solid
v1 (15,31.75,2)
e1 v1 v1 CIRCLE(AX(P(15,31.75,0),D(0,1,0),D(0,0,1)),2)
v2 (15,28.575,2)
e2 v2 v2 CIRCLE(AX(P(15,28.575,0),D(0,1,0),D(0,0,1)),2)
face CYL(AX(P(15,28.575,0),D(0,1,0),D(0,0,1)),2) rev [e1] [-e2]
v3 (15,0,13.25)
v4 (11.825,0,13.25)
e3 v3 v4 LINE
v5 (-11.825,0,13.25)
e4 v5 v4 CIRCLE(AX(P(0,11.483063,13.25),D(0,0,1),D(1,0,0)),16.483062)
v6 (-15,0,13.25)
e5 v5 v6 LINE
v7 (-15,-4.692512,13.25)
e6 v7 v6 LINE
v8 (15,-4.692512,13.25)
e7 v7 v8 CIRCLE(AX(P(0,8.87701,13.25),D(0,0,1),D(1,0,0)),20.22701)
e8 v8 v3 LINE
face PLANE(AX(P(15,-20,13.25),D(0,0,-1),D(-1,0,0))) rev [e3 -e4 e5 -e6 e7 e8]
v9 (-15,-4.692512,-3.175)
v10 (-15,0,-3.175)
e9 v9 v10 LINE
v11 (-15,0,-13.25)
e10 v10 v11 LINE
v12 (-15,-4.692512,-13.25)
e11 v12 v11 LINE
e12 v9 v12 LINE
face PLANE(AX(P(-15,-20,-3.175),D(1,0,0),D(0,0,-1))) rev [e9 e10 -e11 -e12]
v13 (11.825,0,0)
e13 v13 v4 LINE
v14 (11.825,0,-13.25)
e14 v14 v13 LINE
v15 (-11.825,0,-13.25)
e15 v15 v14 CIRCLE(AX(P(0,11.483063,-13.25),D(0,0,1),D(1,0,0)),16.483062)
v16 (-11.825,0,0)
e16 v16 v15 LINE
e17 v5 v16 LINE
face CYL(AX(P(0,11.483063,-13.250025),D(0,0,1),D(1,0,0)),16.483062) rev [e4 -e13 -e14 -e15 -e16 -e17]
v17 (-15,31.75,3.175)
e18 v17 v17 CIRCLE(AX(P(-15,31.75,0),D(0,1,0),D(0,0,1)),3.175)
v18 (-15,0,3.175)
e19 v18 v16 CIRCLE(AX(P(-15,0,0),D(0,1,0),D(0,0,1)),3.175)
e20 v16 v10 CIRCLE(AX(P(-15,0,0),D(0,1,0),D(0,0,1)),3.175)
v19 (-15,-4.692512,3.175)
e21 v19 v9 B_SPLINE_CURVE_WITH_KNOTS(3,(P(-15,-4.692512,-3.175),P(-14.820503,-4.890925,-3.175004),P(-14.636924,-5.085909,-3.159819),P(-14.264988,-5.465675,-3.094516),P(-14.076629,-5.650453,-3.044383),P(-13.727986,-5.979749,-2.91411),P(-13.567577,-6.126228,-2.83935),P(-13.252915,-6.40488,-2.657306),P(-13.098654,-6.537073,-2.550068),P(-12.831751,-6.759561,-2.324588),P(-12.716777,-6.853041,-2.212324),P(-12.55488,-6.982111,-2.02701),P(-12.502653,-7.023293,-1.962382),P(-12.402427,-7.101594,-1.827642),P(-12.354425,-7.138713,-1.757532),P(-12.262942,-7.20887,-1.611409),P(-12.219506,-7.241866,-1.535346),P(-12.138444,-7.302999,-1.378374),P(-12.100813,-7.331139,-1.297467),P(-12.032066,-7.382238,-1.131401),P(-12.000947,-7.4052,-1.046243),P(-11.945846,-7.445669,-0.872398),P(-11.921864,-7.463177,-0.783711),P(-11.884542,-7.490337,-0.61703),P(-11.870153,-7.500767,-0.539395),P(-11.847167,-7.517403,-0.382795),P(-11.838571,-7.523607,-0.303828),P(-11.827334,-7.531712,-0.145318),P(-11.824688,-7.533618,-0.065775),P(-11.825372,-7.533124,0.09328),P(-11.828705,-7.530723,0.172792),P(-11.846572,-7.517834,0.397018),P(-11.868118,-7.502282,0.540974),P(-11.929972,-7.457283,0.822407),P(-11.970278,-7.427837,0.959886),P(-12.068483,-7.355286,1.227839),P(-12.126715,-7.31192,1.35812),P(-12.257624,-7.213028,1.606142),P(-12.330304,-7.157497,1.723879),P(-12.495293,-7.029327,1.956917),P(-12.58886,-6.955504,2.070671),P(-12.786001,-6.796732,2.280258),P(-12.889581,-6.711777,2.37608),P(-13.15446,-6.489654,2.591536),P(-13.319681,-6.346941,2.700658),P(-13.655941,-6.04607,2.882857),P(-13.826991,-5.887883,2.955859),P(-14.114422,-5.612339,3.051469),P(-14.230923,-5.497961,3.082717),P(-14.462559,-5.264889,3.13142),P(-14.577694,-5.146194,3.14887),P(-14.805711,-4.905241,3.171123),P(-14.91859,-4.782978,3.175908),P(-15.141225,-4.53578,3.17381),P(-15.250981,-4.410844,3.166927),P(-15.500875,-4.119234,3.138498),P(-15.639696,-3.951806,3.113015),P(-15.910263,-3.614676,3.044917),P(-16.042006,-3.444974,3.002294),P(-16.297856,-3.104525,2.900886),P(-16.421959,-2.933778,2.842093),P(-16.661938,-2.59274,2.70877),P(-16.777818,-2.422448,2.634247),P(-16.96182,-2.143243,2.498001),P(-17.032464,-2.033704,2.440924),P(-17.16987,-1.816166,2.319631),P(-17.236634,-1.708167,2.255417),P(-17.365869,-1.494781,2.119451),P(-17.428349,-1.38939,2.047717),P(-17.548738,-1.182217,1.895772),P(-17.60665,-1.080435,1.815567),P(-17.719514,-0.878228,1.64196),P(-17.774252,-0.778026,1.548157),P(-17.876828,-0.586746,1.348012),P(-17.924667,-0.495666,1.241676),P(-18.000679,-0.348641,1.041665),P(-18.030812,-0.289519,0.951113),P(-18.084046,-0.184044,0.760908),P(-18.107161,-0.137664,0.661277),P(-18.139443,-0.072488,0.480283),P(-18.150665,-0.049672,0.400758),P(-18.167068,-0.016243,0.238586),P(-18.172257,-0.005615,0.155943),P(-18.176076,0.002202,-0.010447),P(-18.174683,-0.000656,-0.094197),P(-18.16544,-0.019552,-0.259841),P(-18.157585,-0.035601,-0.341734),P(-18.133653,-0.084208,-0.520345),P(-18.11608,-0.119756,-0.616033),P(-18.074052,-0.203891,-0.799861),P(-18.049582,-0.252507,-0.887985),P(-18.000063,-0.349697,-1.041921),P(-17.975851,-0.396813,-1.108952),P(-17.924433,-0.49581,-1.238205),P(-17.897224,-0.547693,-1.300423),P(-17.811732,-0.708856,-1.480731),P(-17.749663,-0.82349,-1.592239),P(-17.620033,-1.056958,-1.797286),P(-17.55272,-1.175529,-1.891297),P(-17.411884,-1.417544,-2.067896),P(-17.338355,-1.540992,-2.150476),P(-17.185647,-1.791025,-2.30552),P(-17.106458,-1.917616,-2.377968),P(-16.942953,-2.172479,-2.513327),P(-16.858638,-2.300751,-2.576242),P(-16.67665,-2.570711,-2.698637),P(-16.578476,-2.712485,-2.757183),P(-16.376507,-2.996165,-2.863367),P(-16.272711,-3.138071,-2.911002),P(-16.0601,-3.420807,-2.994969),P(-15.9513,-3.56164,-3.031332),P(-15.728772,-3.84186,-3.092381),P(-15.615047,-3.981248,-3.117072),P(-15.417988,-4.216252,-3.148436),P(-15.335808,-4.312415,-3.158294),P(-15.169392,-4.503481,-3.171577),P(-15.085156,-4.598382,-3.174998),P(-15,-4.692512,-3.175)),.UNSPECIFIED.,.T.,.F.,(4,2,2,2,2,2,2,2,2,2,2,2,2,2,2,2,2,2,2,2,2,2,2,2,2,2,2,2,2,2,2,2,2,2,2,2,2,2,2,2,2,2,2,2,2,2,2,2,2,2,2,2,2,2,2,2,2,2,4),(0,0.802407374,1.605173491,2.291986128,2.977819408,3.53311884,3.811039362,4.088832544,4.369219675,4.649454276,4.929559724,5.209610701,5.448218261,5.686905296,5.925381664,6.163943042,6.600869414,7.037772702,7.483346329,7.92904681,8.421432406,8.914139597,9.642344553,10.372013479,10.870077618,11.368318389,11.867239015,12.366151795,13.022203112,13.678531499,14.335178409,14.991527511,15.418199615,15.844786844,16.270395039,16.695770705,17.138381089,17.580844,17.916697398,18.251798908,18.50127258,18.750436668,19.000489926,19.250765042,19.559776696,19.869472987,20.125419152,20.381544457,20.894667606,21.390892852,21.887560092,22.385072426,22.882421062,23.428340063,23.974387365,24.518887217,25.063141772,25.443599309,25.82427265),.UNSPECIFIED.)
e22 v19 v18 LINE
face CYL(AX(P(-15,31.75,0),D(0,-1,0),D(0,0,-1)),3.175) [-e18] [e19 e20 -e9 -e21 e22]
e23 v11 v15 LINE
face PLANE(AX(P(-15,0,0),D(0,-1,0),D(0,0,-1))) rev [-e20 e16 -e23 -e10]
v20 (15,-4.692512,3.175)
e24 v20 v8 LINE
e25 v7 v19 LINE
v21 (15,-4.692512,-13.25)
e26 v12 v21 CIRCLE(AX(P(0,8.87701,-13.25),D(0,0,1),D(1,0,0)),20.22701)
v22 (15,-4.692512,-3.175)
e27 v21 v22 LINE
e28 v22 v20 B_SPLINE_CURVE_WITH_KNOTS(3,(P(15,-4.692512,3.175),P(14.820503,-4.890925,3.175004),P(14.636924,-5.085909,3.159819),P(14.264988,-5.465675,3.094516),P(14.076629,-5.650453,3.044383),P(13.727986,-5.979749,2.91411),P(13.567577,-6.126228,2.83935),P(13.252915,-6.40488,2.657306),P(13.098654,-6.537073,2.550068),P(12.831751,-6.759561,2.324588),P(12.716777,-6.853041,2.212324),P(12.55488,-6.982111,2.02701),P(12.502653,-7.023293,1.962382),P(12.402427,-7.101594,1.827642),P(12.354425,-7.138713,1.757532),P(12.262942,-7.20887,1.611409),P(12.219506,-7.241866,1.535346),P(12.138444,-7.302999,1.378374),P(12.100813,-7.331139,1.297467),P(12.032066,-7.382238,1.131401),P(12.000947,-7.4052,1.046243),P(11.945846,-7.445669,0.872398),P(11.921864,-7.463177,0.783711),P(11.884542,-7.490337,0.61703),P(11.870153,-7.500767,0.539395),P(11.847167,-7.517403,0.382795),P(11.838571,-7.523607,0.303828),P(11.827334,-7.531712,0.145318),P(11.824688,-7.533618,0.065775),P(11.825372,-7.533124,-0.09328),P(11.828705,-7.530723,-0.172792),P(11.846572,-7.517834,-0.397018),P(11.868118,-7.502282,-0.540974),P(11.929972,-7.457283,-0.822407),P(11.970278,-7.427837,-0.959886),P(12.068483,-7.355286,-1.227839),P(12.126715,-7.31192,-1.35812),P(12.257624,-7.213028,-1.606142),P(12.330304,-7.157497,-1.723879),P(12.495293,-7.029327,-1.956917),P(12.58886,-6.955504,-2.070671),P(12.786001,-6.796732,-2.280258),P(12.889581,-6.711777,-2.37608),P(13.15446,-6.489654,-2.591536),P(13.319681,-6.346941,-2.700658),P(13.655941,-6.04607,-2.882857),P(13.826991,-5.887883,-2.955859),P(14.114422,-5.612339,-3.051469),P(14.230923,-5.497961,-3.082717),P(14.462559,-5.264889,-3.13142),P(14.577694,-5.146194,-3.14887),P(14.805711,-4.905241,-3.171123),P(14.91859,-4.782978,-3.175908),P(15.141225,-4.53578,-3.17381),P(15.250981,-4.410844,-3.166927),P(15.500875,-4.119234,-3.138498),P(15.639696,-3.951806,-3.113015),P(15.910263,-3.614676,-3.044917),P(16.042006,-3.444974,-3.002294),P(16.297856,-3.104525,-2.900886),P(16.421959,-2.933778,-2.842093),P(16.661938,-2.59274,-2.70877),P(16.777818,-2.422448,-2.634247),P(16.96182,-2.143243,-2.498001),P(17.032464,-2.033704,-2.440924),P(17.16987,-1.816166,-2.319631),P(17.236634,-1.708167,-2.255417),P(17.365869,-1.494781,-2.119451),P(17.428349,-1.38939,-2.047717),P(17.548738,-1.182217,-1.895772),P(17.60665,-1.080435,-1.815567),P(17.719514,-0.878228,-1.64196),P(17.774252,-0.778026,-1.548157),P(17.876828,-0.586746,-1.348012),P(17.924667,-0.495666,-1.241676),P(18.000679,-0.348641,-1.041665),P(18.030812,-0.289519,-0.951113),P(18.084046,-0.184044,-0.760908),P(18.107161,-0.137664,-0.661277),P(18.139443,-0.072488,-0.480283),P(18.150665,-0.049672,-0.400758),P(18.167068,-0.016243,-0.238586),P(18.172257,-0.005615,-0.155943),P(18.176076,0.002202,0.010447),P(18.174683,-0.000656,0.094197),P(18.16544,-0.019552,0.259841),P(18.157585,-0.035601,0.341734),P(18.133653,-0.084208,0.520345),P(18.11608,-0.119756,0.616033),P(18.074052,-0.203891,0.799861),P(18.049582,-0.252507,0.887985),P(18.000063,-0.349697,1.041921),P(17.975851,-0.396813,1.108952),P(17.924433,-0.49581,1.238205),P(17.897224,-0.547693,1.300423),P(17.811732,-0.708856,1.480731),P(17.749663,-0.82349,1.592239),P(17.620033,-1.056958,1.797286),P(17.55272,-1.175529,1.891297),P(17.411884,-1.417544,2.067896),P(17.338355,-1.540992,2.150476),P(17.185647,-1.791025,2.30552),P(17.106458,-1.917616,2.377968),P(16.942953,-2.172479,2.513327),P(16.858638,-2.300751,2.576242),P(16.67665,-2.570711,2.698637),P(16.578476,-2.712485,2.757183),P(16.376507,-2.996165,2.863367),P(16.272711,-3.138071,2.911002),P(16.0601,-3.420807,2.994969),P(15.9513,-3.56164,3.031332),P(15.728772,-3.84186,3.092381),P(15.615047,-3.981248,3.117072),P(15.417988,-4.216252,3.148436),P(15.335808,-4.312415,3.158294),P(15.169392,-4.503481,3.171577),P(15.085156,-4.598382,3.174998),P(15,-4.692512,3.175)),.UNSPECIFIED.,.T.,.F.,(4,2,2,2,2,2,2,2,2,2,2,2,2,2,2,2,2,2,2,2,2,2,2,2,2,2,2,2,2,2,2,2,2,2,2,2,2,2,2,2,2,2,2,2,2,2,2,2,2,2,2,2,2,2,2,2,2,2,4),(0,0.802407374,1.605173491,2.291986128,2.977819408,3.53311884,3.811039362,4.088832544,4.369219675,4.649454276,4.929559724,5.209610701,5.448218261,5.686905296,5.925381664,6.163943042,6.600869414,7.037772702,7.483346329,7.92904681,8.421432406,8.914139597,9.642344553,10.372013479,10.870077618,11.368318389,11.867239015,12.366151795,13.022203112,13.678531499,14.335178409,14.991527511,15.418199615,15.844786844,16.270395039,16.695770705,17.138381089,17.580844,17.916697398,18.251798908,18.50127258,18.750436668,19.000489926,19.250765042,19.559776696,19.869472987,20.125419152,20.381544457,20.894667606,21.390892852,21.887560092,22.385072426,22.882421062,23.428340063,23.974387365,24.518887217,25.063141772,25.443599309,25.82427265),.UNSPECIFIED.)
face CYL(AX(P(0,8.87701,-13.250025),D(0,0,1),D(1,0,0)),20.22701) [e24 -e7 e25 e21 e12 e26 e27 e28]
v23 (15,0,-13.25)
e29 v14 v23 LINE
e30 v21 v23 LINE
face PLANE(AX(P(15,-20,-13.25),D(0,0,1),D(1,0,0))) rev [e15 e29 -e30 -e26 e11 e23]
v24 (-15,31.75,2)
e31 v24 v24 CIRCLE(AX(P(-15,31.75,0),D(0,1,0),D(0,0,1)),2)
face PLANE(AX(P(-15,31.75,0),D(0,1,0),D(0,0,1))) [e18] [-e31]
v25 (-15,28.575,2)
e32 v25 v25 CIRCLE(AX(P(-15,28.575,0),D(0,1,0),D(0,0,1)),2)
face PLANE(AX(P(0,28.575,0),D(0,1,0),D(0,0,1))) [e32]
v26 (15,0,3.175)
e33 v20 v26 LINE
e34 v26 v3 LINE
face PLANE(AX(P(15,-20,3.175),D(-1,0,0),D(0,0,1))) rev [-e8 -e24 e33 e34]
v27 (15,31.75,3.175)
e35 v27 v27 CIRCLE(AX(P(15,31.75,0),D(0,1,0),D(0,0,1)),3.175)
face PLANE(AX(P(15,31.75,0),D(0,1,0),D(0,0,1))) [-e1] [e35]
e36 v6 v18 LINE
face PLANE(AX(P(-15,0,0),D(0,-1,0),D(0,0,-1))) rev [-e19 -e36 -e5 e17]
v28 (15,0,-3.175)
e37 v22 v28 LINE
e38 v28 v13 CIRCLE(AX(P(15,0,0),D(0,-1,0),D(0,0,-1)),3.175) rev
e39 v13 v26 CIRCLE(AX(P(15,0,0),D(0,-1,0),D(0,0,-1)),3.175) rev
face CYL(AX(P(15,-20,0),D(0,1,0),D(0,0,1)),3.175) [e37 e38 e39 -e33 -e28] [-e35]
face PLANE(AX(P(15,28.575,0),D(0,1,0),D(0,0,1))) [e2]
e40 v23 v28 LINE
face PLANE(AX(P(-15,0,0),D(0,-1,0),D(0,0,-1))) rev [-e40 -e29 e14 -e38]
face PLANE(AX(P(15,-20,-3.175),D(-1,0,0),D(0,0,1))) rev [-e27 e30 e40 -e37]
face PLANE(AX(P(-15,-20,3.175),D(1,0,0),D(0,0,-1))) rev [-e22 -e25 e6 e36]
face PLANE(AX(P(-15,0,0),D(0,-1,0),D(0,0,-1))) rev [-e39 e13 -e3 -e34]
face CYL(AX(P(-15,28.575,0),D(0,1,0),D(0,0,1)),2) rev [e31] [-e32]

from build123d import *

# Parameters (mm, degrees)
SKETCH1_R             = 3.175
BOSS_EXTRUDE1_DEPTH   = 31.75
BOSS_EXTRUDE1_2_DEPTH = 31.75
BOSS_EXTRUDE2_START   = 20
BOSS_EXTRUDE2_DEPTH   = 20
CUT_EXTRUDE2_DEPTH    = 46.173478115
SKETCH4_R             = 2
CUT_EXTRUDE3_DEPTH    = 3.175


with BuildPart() as part:
    # Sketch1 → Boss-Extrude1 (new body)
    with BuildSketch(Plane(origin=(0, 0, 0), x_dir=(1, 0, 0), z_dir=(0, 1, 0))):
        with Locations(Location((-15, 0, 0), (0, 0, 270))):
            Circle(SKETCH1_R)
    extrude(amount=BOSS_EXTRUDE1_DEPTH)



with BuildPart() as body_2:
    # Sketch1 → Boss-Extrude1 2 (new body)
    with BuildSketch(Plane(origin=(0, 0, 0), x_dir=(1, 0, 0), z_dir=(0, 1, 0))):
        with Locations(Location((15, 0, 0), (0, 0, 270))):
            Circle(SKETCH1_R)
    extrude(amount=BOSS_EXTRUDE1_2_DEPTH)


with BuildPart() as part_1:
    add(part.part)

    add(body_2.part)  # Boss-Extrude2 merges body 2
    # Sketch2 → Boss-Extrude2 (add)
    with BuildSketch(Plane.XZ.offset(BOSS_EXTRUDE2_START)):
        with BuildLine():
            Line((-15, 3.175), (-15, 13.25))
            Line((-15, 13.25), (15, 13.25))
            Line((15, 13.25), (15, 3.175))
            ThreePointArc((15, 3.175), (18.175, 0), (15, -3.175))
            Line((15, -3.175), (15, -13.25))
            Line((15, -13.25), (-15, -13.25))
            Line((-15, -13.25), (-15, -3.175))
            ThreePointArc((-15, -3.175), (-18.175, 0), (-15, 3.175))
        make_face()
    extrude(amount=-BOSS_EXTRUDE2_DEPTH)

    # Sketch5 → Cut-Extrude2 (cut, through all)
    with BuildSketch(Plane.XY.offset(13.25)):
        with BuildLine():
            ThreePointArc((15, -4.692512186), (0, -11.35), (-15, -4.692512186))
            Line((-15, -4.692512186), (-15, -20))
            Line((-15, -20), (15, -20))
            Line((15, -20), (15, -4.692512186))
        make_face()
        with BuildLine():
            ThreePointArc((-15, -4.692512186), (-16.752613942, -2.457973814), (-18.175, 0))
            Line((-18.175, 0), (-18.175, -20))
            Line((-18.175, -20), (-15, -20))
            Line((-15, -20), (-15, -4.692512186))
        make_face()
        with BuildLine():
            ThreePointArc((18.175, 0), (16.752613942, -2.457973814), (15, -4.692512186))
            Line((15, -4.692512186), (15, -20))
            Line((15, -20), (18.175, -20))
            Line((18.175, -20), (18.175, 0))
        make_face()
        with BuildLine():
            ThreePointArc((-11.825, 0), (0, -5), (11.825, 0))
            Line((11.825, 0), (-11.825, 0))
        make_face()
    extrude(amount=-CUT_EXTRUDE2_DEPTH, mode=Mode.SUBTRACT)

    # Sketch4 → Cut-Extrude3 (cut)
    with BuildSketch(Plane(origin=(0, 31.75, 0), x_dir=(1, 0, 0), z_dir=(0, 1, 0))):
        with Locations(Location((-15, 0, 0), (0, 0, 270))):
            Circle(SKETCH4_R)
        with Locations(Location((15, 0, 0), (0, 0, 270))):
            Circle(SKETCH4_R)
    extrude(amount=-CUT_EXTRUDE3_DEPTH, mode=Mode.SUBTRACT)


solid = part_1.part
